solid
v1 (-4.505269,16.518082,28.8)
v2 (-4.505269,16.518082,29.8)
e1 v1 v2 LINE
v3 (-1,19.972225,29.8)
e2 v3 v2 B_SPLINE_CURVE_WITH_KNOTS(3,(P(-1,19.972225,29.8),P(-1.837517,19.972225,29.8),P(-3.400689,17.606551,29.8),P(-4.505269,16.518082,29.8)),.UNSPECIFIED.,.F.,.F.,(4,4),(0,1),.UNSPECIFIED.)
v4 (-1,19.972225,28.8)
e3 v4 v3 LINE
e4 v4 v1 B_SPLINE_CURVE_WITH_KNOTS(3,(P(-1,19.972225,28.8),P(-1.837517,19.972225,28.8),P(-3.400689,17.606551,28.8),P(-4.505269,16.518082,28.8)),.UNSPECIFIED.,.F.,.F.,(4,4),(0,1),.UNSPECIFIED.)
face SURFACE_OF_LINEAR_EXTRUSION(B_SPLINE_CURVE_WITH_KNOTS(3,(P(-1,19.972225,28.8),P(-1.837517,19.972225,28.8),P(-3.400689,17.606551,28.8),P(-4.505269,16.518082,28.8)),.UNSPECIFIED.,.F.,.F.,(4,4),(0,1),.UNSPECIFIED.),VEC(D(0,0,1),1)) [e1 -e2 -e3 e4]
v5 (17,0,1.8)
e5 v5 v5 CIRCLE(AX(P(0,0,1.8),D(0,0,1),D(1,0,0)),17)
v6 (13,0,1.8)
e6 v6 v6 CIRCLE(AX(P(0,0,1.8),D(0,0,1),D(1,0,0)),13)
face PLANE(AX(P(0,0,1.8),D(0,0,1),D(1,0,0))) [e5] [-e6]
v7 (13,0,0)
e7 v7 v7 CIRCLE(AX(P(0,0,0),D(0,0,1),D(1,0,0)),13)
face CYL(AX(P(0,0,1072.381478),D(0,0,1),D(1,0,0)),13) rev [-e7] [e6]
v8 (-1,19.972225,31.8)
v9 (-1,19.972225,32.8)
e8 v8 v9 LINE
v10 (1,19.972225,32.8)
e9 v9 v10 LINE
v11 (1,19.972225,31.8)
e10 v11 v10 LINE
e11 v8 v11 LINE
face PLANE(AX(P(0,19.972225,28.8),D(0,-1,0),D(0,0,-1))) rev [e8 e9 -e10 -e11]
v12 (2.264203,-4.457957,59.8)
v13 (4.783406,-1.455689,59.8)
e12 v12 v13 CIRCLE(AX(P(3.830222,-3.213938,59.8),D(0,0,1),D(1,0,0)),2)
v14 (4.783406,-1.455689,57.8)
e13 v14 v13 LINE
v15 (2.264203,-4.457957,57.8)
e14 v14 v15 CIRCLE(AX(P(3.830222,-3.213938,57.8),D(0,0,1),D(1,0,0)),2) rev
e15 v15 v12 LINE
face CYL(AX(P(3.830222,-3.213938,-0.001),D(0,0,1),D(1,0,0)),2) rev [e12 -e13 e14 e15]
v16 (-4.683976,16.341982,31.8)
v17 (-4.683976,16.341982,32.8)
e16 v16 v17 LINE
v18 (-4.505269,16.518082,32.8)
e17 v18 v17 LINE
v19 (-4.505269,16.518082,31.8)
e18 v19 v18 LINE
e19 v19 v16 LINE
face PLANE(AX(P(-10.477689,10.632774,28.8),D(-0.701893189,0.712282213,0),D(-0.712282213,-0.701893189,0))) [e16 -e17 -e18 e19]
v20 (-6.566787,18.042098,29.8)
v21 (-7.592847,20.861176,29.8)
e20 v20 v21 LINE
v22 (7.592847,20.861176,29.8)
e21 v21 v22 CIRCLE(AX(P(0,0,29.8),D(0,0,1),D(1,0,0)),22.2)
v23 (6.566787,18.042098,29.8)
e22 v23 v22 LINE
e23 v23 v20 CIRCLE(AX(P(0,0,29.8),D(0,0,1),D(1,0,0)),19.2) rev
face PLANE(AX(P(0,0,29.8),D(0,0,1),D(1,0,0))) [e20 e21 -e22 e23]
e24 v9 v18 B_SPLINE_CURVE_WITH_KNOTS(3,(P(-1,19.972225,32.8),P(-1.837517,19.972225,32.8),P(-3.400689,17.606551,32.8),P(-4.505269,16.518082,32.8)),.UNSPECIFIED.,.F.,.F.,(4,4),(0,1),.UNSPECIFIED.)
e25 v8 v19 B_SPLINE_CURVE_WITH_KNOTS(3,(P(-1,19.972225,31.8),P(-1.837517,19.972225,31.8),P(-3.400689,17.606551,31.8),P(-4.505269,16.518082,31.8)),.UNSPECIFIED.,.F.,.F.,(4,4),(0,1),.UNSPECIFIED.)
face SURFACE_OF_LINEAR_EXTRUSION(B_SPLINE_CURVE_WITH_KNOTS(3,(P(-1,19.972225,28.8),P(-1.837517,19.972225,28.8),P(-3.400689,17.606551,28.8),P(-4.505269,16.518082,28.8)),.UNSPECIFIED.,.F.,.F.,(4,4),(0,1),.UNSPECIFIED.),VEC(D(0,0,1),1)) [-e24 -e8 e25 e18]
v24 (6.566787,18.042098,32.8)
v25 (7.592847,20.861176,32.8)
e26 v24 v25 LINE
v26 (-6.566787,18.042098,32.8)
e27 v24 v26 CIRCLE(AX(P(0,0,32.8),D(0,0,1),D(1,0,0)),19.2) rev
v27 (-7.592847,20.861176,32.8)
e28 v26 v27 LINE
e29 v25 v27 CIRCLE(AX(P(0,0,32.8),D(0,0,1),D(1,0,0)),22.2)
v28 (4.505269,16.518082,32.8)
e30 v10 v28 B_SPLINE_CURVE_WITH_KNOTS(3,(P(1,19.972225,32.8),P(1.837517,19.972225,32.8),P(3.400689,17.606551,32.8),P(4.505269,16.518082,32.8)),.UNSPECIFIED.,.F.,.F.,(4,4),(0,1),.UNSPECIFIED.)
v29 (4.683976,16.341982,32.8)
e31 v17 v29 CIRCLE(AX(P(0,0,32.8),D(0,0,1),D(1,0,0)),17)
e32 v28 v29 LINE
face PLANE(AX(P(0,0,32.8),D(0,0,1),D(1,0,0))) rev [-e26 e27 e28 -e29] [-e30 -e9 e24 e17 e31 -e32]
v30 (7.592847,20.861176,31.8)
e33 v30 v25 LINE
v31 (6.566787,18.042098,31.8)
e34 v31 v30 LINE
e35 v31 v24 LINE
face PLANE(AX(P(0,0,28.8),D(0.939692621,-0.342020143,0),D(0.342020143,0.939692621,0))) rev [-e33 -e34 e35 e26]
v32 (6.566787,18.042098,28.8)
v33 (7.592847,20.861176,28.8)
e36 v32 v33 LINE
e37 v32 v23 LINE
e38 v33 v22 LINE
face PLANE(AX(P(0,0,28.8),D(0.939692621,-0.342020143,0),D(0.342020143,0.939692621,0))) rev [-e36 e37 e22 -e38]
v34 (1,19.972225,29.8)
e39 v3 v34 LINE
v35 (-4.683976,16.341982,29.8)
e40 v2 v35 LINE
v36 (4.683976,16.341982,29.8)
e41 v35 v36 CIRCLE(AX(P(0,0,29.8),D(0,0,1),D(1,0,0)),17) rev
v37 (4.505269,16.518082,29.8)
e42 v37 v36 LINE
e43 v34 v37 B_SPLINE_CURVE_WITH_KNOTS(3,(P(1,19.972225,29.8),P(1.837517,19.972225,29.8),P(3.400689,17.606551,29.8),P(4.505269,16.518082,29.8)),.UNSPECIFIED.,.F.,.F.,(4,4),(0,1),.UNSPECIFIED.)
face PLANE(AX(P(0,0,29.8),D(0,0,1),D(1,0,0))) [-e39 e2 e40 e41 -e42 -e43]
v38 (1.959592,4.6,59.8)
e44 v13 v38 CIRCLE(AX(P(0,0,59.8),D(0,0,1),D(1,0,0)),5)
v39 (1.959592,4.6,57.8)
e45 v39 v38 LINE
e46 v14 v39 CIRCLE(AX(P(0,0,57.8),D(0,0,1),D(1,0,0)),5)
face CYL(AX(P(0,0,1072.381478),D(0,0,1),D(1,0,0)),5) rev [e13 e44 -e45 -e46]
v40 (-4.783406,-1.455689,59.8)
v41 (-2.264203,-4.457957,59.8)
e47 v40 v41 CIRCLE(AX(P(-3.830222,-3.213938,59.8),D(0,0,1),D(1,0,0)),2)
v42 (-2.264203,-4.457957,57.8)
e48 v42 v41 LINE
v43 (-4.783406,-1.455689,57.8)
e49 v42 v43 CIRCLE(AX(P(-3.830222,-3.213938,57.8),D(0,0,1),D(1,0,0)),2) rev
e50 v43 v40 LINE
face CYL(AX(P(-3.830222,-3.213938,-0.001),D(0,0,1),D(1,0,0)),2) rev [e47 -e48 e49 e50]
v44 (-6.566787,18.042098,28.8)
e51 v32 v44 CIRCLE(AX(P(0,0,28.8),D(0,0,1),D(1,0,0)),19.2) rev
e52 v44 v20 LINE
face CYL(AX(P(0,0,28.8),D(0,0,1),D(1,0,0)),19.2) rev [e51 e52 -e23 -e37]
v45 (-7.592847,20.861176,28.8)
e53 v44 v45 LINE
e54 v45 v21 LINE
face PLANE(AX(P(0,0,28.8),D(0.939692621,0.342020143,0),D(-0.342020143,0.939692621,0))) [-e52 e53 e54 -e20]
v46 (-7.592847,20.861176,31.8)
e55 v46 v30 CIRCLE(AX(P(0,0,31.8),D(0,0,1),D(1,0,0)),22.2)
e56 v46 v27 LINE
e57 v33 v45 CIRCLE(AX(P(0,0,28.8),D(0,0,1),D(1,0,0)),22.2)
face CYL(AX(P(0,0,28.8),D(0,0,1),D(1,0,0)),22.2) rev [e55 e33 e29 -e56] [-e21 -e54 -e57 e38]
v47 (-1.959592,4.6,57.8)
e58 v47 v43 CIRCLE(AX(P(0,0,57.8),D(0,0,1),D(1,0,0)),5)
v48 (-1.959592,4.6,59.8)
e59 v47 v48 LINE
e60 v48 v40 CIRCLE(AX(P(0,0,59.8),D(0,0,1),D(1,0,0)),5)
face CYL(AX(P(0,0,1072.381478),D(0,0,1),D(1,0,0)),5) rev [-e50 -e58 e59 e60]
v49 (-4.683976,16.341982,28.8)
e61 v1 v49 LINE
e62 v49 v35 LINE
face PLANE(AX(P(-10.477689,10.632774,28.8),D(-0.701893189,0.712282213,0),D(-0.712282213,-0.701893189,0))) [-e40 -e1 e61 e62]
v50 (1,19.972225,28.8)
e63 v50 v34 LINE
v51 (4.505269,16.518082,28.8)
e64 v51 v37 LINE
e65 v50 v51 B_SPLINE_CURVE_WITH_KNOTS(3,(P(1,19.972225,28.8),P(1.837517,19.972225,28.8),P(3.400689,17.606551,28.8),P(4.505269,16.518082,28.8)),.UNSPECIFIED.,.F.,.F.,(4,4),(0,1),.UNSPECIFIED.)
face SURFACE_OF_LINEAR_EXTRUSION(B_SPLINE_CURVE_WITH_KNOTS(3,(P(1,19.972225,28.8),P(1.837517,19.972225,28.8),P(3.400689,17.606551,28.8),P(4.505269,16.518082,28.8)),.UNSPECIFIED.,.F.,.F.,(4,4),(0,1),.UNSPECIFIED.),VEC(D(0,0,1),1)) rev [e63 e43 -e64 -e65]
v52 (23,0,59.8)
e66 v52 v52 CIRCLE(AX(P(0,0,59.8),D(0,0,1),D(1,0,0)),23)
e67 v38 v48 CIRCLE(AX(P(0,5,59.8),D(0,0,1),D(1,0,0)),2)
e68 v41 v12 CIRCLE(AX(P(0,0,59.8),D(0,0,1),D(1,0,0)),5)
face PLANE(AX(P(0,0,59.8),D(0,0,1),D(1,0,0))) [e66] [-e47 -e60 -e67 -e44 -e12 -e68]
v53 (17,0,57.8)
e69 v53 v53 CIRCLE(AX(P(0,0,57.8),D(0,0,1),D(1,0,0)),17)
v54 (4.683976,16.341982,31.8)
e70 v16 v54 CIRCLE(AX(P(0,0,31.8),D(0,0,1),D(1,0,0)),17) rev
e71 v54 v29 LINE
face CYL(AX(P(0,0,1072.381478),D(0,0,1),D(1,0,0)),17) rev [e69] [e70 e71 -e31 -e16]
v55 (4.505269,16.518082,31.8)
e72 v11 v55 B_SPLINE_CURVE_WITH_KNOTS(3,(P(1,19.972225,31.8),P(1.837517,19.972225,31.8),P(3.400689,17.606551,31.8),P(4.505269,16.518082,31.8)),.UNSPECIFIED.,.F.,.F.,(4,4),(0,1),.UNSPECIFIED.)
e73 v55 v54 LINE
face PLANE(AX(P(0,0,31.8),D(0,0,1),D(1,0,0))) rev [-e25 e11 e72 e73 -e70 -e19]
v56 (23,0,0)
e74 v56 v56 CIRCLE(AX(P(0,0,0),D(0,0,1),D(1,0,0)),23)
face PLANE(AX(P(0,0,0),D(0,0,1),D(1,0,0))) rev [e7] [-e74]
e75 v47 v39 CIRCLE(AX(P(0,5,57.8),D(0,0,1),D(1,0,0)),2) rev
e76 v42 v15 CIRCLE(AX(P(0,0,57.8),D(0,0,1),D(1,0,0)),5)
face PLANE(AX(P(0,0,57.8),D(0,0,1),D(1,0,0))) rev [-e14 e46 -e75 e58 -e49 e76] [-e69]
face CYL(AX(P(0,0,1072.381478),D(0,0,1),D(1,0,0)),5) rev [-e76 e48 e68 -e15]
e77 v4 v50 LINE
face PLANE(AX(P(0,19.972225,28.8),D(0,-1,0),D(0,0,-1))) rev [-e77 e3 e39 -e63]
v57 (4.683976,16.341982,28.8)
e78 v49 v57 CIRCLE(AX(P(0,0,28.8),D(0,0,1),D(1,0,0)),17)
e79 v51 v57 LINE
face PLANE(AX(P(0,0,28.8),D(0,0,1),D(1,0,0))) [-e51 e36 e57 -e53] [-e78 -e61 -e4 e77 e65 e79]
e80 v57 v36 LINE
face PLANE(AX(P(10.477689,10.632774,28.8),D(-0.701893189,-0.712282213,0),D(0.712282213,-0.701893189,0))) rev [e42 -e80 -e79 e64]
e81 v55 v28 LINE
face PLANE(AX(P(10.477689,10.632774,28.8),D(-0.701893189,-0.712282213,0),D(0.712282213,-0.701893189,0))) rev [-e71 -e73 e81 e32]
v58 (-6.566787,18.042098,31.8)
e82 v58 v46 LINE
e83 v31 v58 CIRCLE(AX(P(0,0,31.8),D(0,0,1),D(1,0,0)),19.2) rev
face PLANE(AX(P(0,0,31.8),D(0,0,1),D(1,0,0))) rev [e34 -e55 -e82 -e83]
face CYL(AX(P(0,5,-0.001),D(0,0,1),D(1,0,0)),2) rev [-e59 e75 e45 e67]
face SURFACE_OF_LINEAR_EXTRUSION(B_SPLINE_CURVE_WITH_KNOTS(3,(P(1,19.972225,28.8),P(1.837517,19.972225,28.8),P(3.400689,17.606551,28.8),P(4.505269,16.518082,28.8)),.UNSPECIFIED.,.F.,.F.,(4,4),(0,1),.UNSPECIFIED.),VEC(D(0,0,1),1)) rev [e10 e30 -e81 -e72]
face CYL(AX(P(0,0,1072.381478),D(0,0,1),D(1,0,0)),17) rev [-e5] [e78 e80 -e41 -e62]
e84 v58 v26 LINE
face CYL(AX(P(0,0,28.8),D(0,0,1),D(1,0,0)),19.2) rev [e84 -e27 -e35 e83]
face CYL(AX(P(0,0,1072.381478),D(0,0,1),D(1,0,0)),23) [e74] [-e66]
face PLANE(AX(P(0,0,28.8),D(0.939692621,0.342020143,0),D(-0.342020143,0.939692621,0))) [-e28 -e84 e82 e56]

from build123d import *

# Parameters (mm, degrees)
CUT_EXTRUDE1_DEPTH = 2
CUT_EXTRUDE2_DEPTH = 1
CUT_EXTRUDE3_REACH = 70.074


with BuildPart() as part:
    # Sketch1 → Revolve1 (revolve)
    with BuildSketch(Plane(origin=(0, 0, 0), x_dir=(0, 0, -1), z_dir=(1, 0, 0))):
        Polygon((-59.8, 5), (-57.8, 5), (-57.8, 17), (-1.8, 17), (-1.8, 13), (0, 13), (0, 23), (-59.8, 23), align=None)
    revolve(axis=Axis((0, 0, 1072.381477522), (0, 0, -1)))

    # Sketch3 → Cut-Extrude1 (cut, symmetric)
    with BuildSketch(Plane.XY.offset(30.8)):
        with BuildLine():
            ThreePointArc((-6.566786752, 18.042098319), (0, -19.2), (6.566786752, 18.042098319))
            Line((6.566786752, 18.042098319), (7.592847182, 20.861176181))
            ThreePointArc((7.592847182, 20.861176181), (0, 22.2), (-7.592847182, 20.861176181))
            Line((-7.592847182, 20.861176181), (-6.566786752, 18.042098319))
        make_face()
        with BuildLine():
            add(Edge.make_bspline(
                [(-1, 19.972224976), (-1.837517439, 19.972224976), (-3.400688885, 17.606551444), (-4.505268868, 16.51808236)],
                knots=[0, 0, 0, 0, 1, 1, 1, 1], degree=3))
            Line((-1, 19.972224976), (1, 19.972224976))
            add(Edge.make_bspline(
                [(1, 19.972224976), (1.837517439, 19.972224976), (3.400688885, 17.606551444), (4.505268868, 16.51808236)],
                knots=[0, 0, 0, 0, 1, 1, 1, 1], degree=3))
            Line((4.505268868, 16.51808236), (4.683975969, 16.341981799))
            ThreePointArc((4.683975969, 16.341981799), (13.576221703, 10.231627645), (17, 0))
            ThreePointArc((17, 0), (-10.231627645, -13.576221703), (-4.683975969, 16.341981799))
            Line((-4.683975969, 16.341981799), (-4.505268868, 16.51808236))
        make_face(mode=Mode.SUBTRACT)
    extrude(amount=CUT_EXTRUDE1_DEPTH, both=True, mode=Mode.SUBTRACT)

    # Sketch3<5> → Cut-Extrude2 (cut, symmetric)
    with BuildSketch(Plane.XY.offset(30.8)):
        with BuildLine():
            Line((1, 19.972224976), (-1, 19.972224976))
            add(Edge.make_bspline(
                [(-1, 19.972224976), (-1.837517439, 19.972224976), (-3.400688885, 17.606551444), (-4.505268868, 16.51808236)],
                knots=[0, 0, 0, 0, 1, 1, 1, 1], degree=3))
            Line((-4.505268868, 16.51808236), (-4.683975969, 16.341981799))
            ThreePointArc((-4.683975969, 16.341981799), (0, -17), (4.683975969, 16.341981799))
            Line((4.683975969, 16.341981799), (4.505268868, 16.51808236))
            add(Edge.make_bspline(
                [(1, 19.972224976), (1.837517439, 19.972224976), (3.400688885, 17.606551444), (4.505268868, 16.51808236)],
                knots=[0, 0, 0, 0, 1, 1, 1, 1], degree=3))
        make_face()
        with BuildLine():
            Line((7.592847182, 20.861176181), (6.566786752, 18.042098319))
            ThreePointArc((6.566786752, 18.042098319), (0, -19.2), (-6.566786752, 18.042098319))
            Line((-6.566786752, 18.042098319), (-7.592847182, 20.861176181))
            ThreePointArc((-7.592847182, 20.861176181), (0, -22.2), (7.592847182, 20.861176181))
        make_face()
    extrude(amount=CUT_EXTRUDE2_DEPTH, both=True, mode=Mode.SUBTRACT)

    # Sketch5 → Cut-Extrude3 (cut, up to next)
    with BuildSketch(Plane.XY.offset(59.8), mode=Mode.PRIVATE) as cut_extrude3_sk1:
        with BuildLine():
            ThreePointArc((1.959591794, 4.6), (0, 7), (-1.959591794, 4.6))
            ThreePointArc((-1.959591794, 4.6), (0, 5), (1.959591794, 4.6))
        make_face()
    cut_extrude3_tool1 = extrude(cut_extrude3_sk1.sketch, amount=-CUT_EXTRUDE3_REACH, mode=Mode.PRIVATE) & part.part
    # Sketch5 → Cut-Extrude3 (cut, up to next)
    with BuildSketch(Plane.XY.offset(59.8), mode=Mode.PRIVATE) as cut_extrude3_sk2:
        with BuildLine():
            ThreePointArc((-2.264203113, -4.457957409), (-3.830222216, -3.213938048), (-4.783405764, -1.4556886))
            ThreePointArc((-4.783405764, -1.4556886), (-5.362311102, -4.499513268), (-2.264203113, -4.457957409))
        make_face()
    cut_extrude3_tool2 = extrude(cut_extrude3_sk2.sketch, amount=-CUT_EXTRUDE3_REACH, mode=Mode.PRIVATE) & part.part
    # Sketch5 → Cut-Extrude3 (cut, up to next)
    with BuildSketch(Plane.XY.offset(59.8), mode=Mode.PRIVATE) as cut_extrude3_sk3:
        with BuildLine():
            ThreePointArc((2.264203113, -4.457957409), (5.362311102, -4.499513268), (4.783405764, -1.4556886))
            ThreePointArc((4.783405764, -1.4556886), (3.830222216, -3.213938048), (2.264203113, -4.457957409))
        make_face()
    cut_extrude3_tool3 = extrude(cut_extrude3_sk3.sketch, amount=-CUT_EXTRUDE3_REACH, mode=Mode.PRIVATE) & part.part
    add(cut_extrude3_tool1.solids().sort_by_distance((0, 5.772711, 59.8))[0], mode=Mode.SUBTRACT)
    add(cut_extrude3_tool2.solids().sort_by_distance((-4.422153, -3.710627, 59.8))[0], mode=Mode.SUBTRACT)
    add(cut_extrude3_tool3.solids().sort_by_distance((4.422153, -3.710627, 59.8))[0], mode=Mode.SUBTRACT)


solid = part.part
